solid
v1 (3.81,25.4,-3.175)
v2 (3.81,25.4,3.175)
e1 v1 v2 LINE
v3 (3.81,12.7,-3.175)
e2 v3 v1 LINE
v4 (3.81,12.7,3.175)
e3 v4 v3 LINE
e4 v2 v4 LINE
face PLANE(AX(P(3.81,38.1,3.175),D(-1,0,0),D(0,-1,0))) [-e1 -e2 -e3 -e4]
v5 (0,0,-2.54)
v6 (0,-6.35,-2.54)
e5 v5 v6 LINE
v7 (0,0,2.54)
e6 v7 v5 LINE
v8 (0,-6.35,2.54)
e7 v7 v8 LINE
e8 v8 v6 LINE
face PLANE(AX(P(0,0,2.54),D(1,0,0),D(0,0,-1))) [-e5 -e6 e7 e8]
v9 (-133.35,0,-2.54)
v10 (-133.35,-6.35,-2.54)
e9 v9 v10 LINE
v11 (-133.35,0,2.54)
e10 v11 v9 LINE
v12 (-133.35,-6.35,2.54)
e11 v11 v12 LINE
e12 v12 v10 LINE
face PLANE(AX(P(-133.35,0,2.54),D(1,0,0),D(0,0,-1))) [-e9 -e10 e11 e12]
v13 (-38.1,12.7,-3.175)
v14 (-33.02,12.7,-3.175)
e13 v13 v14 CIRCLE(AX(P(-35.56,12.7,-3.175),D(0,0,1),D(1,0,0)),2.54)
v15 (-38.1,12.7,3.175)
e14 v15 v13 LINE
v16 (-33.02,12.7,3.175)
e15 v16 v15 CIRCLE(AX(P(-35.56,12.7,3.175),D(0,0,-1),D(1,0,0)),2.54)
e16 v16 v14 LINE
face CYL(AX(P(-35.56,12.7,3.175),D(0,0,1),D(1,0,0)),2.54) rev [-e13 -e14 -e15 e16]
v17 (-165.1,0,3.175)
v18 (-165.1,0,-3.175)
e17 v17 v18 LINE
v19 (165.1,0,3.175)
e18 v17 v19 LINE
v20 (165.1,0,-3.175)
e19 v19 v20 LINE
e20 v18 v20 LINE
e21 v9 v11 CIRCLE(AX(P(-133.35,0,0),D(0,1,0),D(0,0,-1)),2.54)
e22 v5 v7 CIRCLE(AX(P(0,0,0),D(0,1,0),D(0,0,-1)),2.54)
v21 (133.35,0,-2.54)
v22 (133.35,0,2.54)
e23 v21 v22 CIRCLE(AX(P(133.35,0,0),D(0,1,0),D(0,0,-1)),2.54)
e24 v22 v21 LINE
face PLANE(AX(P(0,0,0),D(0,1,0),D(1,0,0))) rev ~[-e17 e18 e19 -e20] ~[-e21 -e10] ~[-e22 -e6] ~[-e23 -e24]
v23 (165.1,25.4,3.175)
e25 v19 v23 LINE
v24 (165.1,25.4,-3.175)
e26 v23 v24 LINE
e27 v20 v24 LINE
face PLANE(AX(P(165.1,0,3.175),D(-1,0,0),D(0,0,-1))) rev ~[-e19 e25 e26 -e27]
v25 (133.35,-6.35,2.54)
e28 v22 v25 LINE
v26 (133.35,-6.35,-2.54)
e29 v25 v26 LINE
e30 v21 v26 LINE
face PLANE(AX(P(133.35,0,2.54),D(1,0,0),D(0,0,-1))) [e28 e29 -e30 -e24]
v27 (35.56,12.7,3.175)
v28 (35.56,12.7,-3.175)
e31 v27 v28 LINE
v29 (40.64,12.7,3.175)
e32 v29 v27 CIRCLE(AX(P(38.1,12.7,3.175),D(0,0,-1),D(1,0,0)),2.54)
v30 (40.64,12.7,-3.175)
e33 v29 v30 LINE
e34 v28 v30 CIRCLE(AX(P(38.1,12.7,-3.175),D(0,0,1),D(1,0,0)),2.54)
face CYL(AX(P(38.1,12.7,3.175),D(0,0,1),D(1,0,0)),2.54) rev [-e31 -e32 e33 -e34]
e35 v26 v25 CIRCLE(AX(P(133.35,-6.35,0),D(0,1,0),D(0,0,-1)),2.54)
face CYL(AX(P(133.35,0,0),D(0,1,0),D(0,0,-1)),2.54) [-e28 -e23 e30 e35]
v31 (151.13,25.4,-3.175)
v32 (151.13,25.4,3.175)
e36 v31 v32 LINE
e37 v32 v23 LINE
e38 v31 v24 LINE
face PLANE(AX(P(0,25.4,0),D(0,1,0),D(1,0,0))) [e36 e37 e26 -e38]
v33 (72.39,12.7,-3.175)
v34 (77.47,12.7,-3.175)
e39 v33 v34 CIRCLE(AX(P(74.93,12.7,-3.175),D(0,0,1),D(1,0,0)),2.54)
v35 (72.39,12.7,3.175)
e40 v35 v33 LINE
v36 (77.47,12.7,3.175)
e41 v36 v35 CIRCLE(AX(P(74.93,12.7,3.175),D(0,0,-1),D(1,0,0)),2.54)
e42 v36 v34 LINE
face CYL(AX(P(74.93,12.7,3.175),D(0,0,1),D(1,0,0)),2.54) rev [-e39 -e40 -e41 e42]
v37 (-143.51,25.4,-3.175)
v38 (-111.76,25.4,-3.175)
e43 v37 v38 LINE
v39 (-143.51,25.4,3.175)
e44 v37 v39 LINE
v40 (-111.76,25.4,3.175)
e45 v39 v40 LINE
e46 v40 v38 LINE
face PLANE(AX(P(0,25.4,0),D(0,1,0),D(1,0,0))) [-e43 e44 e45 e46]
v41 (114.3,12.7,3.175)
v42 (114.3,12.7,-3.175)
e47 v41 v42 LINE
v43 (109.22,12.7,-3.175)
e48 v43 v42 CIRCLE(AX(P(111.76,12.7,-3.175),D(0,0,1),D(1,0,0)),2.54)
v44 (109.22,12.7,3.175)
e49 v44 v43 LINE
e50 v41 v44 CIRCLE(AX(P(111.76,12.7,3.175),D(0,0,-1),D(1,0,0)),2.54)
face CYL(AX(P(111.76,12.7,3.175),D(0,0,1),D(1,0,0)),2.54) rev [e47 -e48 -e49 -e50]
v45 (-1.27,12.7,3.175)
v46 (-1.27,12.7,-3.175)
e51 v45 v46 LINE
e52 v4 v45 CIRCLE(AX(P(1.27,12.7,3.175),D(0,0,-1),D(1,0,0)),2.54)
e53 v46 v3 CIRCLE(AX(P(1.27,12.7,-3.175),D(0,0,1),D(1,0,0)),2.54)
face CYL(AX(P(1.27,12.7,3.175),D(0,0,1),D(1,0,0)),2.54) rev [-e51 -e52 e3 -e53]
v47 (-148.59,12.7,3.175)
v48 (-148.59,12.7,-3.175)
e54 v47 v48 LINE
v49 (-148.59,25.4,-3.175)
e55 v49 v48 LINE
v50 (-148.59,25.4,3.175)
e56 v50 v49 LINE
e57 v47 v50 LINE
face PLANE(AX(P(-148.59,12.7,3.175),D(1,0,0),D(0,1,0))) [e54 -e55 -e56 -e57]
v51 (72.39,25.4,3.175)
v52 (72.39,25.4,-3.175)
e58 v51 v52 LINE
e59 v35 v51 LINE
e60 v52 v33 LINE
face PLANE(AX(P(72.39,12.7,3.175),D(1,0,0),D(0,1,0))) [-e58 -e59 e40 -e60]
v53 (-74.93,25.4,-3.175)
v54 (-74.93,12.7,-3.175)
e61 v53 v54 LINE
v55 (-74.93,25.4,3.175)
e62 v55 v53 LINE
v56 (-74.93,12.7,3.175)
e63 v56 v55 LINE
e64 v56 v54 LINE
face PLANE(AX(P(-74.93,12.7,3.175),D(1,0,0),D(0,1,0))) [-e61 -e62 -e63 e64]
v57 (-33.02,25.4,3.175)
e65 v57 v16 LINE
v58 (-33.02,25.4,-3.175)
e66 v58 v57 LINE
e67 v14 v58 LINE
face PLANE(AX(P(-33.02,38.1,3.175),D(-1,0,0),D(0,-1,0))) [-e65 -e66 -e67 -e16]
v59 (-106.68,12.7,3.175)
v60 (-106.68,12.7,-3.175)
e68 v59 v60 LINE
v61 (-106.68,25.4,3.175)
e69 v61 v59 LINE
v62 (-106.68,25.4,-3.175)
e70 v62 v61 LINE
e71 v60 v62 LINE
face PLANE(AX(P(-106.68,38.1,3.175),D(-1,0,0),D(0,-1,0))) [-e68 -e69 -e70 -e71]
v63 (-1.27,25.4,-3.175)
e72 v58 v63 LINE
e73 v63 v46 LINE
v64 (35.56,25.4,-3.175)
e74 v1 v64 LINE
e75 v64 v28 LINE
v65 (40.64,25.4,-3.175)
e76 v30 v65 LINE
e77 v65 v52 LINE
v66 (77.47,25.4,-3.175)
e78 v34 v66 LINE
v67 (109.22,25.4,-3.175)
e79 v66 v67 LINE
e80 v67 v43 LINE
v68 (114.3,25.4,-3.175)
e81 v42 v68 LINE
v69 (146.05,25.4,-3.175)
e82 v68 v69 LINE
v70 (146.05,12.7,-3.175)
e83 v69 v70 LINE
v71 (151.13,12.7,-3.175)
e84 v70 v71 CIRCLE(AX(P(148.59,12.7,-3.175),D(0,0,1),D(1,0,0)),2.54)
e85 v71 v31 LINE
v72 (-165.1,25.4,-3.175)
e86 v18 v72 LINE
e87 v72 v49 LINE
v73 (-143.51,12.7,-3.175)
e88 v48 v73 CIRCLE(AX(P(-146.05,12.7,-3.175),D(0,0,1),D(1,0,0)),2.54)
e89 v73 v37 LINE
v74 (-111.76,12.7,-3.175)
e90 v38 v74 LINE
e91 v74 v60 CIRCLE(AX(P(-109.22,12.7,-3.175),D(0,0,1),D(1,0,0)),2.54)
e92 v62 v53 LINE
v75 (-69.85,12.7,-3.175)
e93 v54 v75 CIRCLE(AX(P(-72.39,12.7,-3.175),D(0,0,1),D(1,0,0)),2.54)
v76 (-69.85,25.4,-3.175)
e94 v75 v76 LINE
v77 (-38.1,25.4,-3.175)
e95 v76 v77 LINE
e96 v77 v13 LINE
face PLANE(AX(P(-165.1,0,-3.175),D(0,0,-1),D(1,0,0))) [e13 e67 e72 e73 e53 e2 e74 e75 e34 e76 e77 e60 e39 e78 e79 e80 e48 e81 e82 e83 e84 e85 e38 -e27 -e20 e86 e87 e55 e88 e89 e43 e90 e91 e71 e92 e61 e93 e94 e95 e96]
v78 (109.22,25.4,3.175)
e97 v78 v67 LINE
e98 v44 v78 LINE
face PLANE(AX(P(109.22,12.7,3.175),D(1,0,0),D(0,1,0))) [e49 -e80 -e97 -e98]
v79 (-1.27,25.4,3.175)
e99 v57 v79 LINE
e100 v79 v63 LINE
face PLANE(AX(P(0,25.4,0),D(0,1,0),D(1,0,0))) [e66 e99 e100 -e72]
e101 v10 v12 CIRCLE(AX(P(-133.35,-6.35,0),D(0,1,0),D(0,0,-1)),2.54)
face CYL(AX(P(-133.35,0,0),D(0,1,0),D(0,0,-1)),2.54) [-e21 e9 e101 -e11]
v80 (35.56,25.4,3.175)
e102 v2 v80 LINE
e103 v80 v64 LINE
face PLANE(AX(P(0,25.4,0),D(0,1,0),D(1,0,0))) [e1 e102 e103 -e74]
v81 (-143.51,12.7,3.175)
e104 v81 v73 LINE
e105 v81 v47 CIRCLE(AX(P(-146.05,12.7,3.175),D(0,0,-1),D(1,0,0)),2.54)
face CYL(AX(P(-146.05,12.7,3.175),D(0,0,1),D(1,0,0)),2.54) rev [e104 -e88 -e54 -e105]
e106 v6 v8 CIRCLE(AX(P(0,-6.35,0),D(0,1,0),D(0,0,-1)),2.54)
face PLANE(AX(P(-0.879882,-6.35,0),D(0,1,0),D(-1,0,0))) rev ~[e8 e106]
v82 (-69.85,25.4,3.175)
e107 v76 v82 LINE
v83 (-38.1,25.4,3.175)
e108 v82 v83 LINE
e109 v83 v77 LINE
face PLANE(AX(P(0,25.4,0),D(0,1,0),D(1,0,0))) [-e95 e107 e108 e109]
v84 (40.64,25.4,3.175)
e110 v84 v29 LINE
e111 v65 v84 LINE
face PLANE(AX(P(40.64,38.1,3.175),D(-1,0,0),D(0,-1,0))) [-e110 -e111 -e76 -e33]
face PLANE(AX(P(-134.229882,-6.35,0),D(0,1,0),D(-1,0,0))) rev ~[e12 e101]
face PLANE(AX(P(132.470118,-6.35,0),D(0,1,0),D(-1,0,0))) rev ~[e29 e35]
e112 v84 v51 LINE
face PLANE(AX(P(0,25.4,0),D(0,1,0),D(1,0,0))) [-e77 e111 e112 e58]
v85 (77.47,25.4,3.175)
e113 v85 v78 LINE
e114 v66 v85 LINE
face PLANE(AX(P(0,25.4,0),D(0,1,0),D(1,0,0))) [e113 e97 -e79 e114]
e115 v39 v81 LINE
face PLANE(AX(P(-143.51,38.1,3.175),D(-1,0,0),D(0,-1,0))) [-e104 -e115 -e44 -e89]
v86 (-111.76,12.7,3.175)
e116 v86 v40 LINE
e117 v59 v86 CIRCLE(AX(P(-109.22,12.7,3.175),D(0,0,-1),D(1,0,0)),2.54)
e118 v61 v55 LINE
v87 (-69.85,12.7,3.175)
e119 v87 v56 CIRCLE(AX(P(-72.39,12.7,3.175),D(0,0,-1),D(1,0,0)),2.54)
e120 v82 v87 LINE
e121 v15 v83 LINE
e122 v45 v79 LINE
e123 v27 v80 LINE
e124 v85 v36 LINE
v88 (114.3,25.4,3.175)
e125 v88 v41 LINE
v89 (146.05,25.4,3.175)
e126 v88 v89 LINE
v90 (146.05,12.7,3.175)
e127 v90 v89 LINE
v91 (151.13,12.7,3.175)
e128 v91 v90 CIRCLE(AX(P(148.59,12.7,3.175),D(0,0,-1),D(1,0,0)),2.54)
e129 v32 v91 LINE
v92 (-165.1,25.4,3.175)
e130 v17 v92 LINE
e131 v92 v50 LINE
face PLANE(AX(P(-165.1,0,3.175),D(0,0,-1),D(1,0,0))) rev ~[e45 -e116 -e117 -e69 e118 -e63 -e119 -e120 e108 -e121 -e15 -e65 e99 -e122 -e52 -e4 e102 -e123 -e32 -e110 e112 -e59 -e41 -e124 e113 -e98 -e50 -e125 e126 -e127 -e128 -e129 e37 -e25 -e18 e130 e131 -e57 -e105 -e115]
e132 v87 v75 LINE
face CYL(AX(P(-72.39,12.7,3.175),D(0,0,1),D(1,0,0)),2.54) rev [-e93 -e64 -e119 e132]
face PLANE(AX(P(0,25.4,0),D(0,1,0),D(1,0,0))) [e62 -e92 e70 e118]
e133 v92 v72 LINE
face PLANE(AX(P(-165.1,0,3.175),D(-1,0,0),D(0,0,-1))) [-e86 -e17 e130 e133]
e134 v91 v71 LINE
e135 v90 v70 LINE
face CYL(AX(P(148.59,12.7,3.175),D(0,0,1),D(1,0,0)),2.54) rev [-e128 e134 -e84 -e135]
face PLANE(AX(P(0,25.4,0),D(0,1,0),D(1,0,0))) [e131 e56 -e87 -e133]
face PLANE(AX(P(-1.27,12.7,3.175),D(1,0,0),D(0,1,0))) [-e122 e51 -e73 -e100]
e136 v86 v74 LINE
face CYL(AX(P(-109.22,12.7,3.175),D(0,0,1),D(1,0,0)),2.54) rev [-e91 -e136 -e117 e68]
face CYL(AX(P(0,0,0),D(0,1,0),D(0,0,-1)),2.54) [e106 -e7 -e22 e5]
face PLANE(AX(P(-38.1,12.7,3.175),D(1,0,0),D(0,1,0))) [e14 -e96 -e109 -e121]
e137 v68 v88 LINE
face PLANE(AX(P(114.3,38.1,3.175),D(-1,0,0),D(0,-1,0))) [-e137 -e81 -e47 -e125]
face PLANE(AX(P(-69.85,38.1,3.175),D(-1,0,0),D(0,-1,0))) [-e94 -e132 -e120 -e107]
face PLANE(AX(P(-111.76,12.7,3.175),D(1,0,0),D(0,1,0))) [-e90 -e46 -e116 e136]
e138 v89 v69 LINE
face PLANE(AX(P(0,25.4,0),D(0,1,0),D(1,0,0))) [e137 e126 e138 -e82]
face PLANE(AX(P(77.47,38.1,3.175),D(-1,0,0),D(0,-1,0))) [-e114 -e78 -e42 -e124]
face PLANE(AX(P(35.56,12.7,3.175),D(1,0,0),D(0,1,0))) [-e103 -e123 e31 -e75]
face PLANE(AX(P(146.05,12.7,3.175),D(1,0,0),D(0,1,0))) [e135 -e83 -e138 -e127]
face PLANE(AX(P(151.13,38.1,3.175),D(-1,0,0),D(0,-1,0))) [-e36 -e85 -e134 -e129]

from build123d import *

# Parameters (mm, degrees)
SKETCH1_W           = 330.2
SKETCH1_H           = 6.35
BOSS_EXTRUDE1_DEPTH = 25.4
BOSS_EXTRUDE2_DEPTH = 6.35
CUT_EXTRUDE1_DEPTH  = 168.16307158


with BuildPart() as part:
    # Sketch1 → Boss-Extrude1 (new body)
    with BuildSketch(Plane(origin=(0, 0, 0), x_dir=(1, 0, 0), z_dir=(0, 1, 0))):
        Rectangle(SKETCH1_W, SKETCH1_H)
    extrude(amount=BOSS_EXTRUDE1_DEPTH)

    # Sketch2 → Boss-Extrude2 (add)
    with BuildSketch(Plane.XZ):
        with BuildLine():
            Line((-133.35, 2.54), (-133.35, -2.54))
            ThreePointArc((-133.35, -2.54), (-135.89, 0), (-133.35, 2.54))
        make_face()
        with BuildLine():
            Line((0, 2.54), (0, -2.54))
            ThreePointArc((0, -2.54), (-2.54, 0), (0, 2.54))
        make_face()
        with BuildLine():
            Line((133.35, 2.54), (133.35, -2.54))
            ThreePointArc((133.35, -2.54), (130.81, 0), (133.35, 2.54))
        make_face()
    extrude(amount=BOSS_EXTRUDE2_DEPTH)

    # Sketch3 → Cut-Extrude1 (cut, through all)
    with BuildSketch(Plane.XY.offset(3.175)):
        with BuildLine():
            Line((-143.51, 38.1), (-143.51, 12.7))
            ThreePointArc((-143.51, 12.7), (-146.05, 10.16), (-148.59, 12.7))
            Line((-148.59, 12.7), (-148.59, 38.1))
            ThreePointArc((-148.59, 38.1), (-146.05, 40.64), (-143.51, 38.1))
        make_face()
        with BuildLine():
            Line((-106.68, 38.1), (-106.68, 12.7))
            ThreePointArc((-106.68, 12.7), (-109.22, 10.16), (-111.76, 12.7))
            Line((-111.76, 12.7), (-111.76, 38.1))
            ThreePointArc((-111.76, 38.1), (-109.22, 40.64), (-106.68, 38.1))
        make_face()
        with BuildLine():
            Line((-69.85, 38.1), (-69.85, 12.7))
            ThreePointArc((-69.85, 12.7), (-72.39, 10.16), (-74.93, 12.7))
            Line((-74.93, 12.7), (-74.93, 38.1))
            ThreePointArc((-74.93, 38.1), (-72.39, 40.64), (-69.85, 38.1))
        make_face()
        with BuildLine():
            Line((-33.02, 38.1), (-33.02, 12.7))
            ThreePointArc((-33.02, 12.7), (-35.56, 10.16), (-38.1, 12.7))
            Line((-38.1, 12.7), (-38.1, 38.1))
            ThreePointArc((-38.1, 38.1), (-35.56, 40.64), (-33.02, 38.1))
        make_face()
        with BuildLine():
            Line((3.81, 38.1), (3.81, 12.7))
            ThreePointArc((3.81, 12.7), (1.27, 10.16), (-1.27, 12.7))
            Line((-1.27, 12.7), (-1.27, 38.1))
            ThreePointArc((-1.27, 38.1), (1.27, 40.64), (3.81, 38.1))
        make_face()
        with BuildLine():
            Line((40.64, 38.1), (40.64, 12.7))
            ThreePointArc((40.64, 12.7), (38.1, 10.16), (35.56, 12.7))
            Line((35.56, 12.7), (35.56, 38.1))
            ThreePointArc((35.56, 38.1), (38.1, 40.64), (40.64, 38.1))
        make_face()
        with BuildLine():
            Line((77.47, 38.1), (77.47, 12.7))
            ThreePointArc((77.47, 12.7), (74.93, 10.16), (72.39, 12.7))
            Line((72.39, 12.7), (72.39, 38.1))
            ThreePointArc((72.39, 38.1), (74.93, 40.64), (77.47, 38.1))
        make_face()
        with BuildLine():
            Line((114.3, 38.1), (114.3, 12.7))
            ThreePointArc((114.3, 12.7), (111.76, 10.16), (109.22, 12.7))
            Line((109.22, 12.7), (109.22, 38.1))
            ThreePointArc((109.22, 38.1), (111.76, 40.64), (114.3, 38.1))
        make_face()
        with BuildLine():
            Line((151.13, 38.1), (151.13, 12.7))
            ThreePointArc((151.13, 12.7), (148.59, 10.16), (146.05, 12.7))
            Line((146.05, 12.7), (146.05, 38.1))
            ThreePointArc((146.05, 38.1), (148.59, 40.64), (151.13, 38.1))
        make_face()
    extrude(amount=-CUT_EXTRUDE1_DEPTH, mode=Mode.SUBTRACT)


solid = part.part
